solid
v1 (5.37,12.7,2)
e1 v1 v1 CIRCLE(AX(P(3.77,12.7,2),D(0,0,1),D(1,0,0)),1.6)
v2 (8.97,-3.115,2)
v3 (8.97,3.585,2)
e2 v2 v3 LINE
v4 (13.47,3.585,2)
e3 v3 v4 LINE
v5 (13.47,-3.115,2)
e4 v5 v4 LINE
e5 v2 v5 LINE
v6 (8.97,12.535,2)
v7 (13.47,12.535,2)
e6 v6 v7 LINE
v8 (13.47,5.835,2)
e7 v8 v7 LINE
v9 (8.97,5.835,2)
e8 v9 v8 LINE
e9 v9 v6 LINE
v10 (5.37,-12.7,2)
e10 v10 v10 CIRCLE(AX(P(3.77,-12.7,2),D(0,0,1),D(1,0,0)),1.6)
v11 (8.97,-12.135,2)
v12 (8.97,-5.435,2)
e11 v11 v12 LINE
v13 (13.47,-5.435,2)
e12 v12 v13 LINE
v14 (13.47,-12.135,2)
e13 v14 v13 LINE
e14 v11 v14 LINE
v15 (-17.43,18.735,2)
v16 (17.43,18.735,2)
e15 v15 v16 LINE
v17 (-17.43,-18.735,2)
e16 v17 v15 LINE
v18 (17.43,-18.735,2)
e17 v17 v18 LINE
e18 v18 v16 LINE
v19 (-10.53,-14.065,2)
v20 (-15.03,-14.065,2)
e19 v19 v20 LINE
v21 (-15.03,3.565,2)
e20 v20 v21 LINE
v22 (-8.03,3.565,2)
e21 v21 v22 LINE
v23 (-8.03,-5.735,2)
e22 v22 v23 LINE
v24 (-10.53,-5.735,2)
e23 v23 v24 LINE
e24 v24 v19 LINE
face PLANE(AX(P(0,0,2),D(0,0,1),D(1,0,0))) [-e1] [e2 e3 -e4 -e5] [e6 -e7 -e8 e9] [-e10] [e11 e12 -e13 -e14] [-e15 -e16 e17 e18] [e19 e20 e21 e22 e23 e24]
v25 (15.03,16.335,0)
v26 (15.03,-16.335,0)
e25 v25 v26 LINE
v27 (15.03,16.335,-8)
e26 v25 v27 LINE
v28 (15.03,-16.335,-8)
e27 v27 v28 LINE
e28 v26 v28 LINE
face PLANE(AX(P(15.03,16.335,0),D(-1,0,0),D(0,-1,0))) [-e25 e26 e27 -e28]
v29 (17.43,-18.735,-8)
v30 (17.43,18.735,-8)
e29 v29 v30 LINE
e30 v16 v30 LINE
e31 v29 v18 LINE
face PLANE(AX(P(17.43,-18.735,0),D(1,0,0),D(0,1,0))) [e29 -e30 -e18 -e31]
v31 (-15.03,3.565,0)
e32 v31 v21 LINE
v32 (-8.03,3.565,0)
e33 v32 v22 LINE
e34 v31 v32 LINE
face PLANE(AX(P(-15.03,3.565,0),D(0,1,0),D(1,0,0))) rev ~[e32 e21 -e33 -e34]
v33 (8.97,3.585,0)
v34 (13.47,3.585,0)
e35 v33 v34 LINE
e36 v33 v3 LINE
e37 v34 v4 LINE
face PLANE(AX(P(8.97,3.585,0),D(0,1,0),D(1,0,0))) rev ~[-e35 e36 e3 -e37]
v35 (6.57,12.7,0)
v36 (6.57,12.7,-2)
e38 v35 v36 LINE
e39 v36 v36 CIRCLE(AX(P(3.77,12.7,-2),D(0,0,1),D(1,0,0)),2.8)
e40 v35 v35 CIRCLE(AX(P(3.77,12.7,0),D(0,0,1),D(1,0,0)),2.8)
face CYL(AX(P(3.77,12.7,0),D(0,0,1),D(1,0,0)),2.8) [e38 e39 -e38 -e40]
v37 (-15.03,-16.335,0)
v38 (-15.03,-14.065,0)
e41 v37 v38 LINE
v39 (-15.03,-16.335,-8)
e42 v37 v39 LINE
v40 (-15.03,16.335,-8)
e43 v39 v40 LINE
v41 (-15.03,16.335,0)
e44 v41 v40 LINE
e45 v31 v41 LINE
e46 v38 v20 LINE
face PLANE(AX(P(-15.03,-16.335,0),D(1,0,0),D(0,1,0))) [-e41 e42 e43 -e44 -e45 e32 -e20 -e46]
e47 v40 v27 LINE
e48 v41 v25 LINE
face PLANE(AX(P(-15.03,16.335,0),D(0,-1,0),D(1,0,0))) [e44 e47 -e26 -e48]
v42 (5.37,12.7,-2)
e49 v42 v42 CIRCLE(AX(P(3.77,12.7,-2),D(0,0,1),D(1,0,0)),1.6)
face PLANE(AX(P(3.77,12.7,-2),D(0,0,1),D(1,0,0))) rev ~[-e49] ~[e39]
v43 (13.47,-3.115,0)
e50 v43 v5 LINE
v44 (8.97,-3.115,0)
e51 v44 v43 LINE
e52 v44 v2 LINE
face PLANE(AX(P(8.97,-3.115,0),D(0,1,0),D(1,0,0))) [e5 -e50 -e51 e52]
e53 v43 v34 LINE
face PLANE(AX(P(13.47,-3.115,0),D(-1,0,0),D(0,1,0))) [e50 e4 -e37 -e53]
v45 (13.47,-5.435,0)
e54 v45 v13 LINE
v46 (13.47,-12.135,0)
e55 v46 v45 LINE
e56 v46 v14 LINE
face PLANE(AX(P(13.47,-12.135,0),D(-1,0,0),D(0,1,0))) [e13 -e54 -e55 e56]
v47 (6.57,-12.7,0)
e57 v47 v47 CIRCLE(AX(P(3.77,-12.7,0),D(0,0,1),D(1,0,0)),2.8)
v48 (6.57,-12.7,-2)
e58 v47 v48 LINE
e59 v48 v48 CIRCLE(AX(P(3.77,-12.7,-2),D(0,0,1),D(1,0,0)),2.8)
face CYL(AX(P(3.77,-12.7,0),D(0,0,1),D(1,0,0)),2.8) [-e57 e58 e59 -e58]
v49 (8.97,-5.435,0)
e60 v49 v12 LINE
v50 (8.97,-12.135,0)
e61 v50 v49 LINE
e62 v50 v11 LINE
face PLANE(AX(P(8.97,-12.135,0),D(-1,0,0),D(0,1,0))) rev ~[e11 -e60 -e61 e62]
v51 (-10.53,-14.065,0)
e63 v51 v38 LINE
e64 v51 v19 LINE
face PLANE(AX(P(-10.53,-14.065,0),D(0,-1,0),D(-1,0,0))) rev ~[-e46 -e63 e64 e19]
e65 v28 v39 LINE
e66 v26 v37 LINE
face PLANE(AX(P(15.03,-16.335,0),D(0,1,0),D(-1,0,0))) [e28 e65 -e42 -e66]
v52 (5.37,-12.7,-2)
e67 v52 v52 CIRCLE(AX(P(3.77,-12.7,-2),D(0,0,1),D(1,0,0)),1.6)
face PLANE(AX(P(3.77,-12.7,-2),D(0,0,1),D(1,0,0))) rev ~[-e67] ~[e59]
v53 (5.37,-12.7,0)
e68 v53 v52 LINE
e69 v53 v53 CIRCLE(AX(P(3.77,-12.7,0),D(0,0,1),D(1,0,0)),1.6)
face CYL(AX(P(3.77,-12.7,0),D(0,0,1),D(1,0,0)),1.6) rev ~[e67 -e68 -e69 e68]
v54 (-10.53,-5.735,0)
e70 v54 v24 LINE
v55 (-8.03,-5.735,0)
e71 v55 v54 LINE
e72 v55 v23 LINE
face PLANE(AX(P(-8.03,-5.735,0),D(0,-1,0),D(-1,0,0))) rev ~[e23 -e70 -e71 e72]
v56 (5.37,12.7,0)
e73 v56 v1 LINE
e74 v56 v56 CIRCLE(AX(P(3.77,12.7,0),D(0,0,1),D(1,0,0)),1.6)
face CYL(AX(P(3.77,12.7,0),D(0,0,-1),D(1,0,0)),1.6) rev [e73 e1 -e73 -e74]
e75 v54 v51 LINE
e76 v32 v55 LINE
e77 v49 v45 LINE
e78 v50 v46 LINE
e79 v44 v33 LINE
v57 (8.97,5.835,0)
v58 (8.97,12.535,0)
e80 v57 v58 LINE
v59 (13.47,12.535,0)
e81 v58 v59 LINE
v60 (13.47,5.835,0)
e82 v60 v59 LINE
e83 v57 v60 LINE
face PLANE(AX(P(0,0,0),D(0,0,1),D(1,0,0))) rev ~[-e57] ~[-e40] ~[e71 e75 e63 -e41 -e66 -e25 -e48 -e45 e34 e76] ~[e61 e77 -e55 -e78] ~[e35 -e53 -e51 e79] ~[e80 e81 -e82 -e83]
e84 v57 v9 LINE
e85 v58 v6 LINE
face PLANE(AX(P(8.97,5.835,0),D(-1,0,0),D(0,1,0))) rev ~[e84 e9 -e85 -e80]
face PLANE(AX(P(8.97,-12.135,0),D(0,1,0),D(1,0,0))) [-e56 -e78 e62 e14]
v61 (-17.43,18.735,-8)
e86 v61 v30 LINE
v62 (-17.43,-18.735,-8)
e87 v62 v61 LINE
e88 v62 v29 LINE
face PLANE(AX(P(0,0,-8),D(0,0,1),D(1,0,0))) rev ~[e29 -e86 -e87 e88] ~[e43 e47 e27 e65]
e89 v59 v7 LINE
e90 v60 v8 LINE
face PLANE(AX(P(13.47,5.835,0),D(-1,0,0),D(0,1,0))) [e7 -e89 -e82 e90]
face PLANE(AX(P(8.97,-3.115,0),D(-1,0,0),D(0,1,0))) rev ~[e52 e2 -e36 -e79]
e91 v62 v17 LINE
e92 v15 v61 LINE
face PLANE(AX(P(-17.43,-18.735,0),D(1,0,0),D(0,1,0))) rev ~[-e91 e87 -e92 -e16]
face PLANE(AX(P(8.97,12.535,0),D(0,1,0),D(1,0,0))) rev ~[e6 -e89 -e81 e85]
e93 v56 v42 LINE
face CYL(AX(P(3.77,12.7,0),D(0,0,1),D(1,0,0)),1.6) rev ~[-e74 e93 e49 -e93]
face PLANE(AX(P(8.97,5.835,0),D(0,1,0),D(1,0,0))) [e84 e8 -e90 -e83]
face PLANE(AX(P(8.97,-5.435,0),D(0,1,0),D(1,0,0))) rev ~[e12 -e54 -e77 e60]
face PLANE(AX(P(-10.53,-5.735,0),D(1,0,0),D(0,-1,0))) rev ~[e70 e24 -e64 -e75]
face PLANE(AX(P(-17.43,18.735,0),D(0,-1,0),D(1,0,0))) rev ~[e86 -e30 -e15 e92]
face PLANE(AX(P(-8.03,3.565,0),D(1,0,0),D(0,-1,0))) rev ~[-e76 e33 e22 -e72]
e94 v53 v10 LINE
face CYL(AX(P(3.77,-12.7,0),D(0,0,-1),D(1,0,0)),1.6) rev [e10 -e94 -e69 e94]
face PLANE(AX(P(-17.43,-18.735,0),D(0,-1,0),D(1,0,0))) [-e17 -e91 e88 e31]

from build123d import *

# Parameters (mm, degrees)
F0_W     = 34.86
F0_H     = 37.47
F0_R     = 2.8
F0_W_2   = 4.5
F0_H_2   = 6.7
F0_R_2   = 1.6
F1_DEPTH = 2
F2_DEPTH = 8
F3_DEPTH = 2


with BuildPart() as f1:
    # F0 (on Top) → F1 (new body)
    with BuildSketch(Plane.XY):
        Rectangle(F0_W, F0_H)
        Polygon((15.03, 16.335), (15.03, -16.335), (-15.03, -16.335), (-15.03, -14.065), (-15.03, 3.565), (-15.03, 16.335), align=None, mode=Mode.SUBTRACT)
        Polygon((-15.03, -16.335), (15.03, -16.335), (15.03, 16.335), (-15.03, 16.335), (-15.03, 3.565), (-8.03, 3.565), (-8.03, -5.735), (-10.53, -5.735), (-10.53, -14.065), (-14.03, -14.065), (-15.03, -14.065), align=None)
        with Locations((3.77, -12.7)):
            Circle(F0_R, mode=Mode.SUBTRACT)
        with Locations((11.22, -8.785)):
            Rectangle(F0_W_2, F0_H_2, mode=Mode.SUBTRACT)
        with Locations((11.22, 0.235)):
            Rectangle(F0_W_2, F0_H_2, mode=Mode.SUBTRACT)
        with Locations((11.22, 9.185)):
            Rectangle(F0_W_2, F0_H_2, mode=Mode.SUBTRACT)
        with Locations((3.77, 12.7)):
            Circle(F0_R, mode=Mode.SUBTRACT)
        with Locations((3.77, 12.7)):
            Circle(F0_R)
        with Locations((3.77, 12.7)):
            Circle(F0_R_2, mode=Mode.SUBTRACT)
        with Locations((3.77, -12.7)):
            Circle(F0_R)
        with Locations((3.77, -12.7)):
            Circle(F0_R_2, mode=Mode.SUBTRACT)
    extrude(amount=F1_DEPTH)

    # F0 (on Top) → F2 (join)
    with BuildSketch(Plane.XY):
        Rectangle(F0_W, F0_H)
        Polygon((15.03, 16.335), (15.03, -16.335), (-15.03, -16.335), (-15.03, -14.065), (-15.03, 3.565), (-15.03, 16.335), align=None, mode=Mode.SUBTRACT)
    extrude(amount=-F2_DEPTH)

    # F0 (on Top) → F3 (join)
    with BuildSketch(Plane.XY):
        with Locations((3.77, 12.7)):
            Circle(F0_R)
        with Locations((3.77, 12.7)):
            Circle(F0_R_2, mode=Mode.SUBTRACT)
        with Locations((3.77, -12.7)):
            Circle(F0_R)
        with Locations((3.77, -12.7)):
            Circle(F0_R_2, mode=Mode.SUBTRACT)
    extrude(amount=-F3_DEPTH)


solid = f1.part
